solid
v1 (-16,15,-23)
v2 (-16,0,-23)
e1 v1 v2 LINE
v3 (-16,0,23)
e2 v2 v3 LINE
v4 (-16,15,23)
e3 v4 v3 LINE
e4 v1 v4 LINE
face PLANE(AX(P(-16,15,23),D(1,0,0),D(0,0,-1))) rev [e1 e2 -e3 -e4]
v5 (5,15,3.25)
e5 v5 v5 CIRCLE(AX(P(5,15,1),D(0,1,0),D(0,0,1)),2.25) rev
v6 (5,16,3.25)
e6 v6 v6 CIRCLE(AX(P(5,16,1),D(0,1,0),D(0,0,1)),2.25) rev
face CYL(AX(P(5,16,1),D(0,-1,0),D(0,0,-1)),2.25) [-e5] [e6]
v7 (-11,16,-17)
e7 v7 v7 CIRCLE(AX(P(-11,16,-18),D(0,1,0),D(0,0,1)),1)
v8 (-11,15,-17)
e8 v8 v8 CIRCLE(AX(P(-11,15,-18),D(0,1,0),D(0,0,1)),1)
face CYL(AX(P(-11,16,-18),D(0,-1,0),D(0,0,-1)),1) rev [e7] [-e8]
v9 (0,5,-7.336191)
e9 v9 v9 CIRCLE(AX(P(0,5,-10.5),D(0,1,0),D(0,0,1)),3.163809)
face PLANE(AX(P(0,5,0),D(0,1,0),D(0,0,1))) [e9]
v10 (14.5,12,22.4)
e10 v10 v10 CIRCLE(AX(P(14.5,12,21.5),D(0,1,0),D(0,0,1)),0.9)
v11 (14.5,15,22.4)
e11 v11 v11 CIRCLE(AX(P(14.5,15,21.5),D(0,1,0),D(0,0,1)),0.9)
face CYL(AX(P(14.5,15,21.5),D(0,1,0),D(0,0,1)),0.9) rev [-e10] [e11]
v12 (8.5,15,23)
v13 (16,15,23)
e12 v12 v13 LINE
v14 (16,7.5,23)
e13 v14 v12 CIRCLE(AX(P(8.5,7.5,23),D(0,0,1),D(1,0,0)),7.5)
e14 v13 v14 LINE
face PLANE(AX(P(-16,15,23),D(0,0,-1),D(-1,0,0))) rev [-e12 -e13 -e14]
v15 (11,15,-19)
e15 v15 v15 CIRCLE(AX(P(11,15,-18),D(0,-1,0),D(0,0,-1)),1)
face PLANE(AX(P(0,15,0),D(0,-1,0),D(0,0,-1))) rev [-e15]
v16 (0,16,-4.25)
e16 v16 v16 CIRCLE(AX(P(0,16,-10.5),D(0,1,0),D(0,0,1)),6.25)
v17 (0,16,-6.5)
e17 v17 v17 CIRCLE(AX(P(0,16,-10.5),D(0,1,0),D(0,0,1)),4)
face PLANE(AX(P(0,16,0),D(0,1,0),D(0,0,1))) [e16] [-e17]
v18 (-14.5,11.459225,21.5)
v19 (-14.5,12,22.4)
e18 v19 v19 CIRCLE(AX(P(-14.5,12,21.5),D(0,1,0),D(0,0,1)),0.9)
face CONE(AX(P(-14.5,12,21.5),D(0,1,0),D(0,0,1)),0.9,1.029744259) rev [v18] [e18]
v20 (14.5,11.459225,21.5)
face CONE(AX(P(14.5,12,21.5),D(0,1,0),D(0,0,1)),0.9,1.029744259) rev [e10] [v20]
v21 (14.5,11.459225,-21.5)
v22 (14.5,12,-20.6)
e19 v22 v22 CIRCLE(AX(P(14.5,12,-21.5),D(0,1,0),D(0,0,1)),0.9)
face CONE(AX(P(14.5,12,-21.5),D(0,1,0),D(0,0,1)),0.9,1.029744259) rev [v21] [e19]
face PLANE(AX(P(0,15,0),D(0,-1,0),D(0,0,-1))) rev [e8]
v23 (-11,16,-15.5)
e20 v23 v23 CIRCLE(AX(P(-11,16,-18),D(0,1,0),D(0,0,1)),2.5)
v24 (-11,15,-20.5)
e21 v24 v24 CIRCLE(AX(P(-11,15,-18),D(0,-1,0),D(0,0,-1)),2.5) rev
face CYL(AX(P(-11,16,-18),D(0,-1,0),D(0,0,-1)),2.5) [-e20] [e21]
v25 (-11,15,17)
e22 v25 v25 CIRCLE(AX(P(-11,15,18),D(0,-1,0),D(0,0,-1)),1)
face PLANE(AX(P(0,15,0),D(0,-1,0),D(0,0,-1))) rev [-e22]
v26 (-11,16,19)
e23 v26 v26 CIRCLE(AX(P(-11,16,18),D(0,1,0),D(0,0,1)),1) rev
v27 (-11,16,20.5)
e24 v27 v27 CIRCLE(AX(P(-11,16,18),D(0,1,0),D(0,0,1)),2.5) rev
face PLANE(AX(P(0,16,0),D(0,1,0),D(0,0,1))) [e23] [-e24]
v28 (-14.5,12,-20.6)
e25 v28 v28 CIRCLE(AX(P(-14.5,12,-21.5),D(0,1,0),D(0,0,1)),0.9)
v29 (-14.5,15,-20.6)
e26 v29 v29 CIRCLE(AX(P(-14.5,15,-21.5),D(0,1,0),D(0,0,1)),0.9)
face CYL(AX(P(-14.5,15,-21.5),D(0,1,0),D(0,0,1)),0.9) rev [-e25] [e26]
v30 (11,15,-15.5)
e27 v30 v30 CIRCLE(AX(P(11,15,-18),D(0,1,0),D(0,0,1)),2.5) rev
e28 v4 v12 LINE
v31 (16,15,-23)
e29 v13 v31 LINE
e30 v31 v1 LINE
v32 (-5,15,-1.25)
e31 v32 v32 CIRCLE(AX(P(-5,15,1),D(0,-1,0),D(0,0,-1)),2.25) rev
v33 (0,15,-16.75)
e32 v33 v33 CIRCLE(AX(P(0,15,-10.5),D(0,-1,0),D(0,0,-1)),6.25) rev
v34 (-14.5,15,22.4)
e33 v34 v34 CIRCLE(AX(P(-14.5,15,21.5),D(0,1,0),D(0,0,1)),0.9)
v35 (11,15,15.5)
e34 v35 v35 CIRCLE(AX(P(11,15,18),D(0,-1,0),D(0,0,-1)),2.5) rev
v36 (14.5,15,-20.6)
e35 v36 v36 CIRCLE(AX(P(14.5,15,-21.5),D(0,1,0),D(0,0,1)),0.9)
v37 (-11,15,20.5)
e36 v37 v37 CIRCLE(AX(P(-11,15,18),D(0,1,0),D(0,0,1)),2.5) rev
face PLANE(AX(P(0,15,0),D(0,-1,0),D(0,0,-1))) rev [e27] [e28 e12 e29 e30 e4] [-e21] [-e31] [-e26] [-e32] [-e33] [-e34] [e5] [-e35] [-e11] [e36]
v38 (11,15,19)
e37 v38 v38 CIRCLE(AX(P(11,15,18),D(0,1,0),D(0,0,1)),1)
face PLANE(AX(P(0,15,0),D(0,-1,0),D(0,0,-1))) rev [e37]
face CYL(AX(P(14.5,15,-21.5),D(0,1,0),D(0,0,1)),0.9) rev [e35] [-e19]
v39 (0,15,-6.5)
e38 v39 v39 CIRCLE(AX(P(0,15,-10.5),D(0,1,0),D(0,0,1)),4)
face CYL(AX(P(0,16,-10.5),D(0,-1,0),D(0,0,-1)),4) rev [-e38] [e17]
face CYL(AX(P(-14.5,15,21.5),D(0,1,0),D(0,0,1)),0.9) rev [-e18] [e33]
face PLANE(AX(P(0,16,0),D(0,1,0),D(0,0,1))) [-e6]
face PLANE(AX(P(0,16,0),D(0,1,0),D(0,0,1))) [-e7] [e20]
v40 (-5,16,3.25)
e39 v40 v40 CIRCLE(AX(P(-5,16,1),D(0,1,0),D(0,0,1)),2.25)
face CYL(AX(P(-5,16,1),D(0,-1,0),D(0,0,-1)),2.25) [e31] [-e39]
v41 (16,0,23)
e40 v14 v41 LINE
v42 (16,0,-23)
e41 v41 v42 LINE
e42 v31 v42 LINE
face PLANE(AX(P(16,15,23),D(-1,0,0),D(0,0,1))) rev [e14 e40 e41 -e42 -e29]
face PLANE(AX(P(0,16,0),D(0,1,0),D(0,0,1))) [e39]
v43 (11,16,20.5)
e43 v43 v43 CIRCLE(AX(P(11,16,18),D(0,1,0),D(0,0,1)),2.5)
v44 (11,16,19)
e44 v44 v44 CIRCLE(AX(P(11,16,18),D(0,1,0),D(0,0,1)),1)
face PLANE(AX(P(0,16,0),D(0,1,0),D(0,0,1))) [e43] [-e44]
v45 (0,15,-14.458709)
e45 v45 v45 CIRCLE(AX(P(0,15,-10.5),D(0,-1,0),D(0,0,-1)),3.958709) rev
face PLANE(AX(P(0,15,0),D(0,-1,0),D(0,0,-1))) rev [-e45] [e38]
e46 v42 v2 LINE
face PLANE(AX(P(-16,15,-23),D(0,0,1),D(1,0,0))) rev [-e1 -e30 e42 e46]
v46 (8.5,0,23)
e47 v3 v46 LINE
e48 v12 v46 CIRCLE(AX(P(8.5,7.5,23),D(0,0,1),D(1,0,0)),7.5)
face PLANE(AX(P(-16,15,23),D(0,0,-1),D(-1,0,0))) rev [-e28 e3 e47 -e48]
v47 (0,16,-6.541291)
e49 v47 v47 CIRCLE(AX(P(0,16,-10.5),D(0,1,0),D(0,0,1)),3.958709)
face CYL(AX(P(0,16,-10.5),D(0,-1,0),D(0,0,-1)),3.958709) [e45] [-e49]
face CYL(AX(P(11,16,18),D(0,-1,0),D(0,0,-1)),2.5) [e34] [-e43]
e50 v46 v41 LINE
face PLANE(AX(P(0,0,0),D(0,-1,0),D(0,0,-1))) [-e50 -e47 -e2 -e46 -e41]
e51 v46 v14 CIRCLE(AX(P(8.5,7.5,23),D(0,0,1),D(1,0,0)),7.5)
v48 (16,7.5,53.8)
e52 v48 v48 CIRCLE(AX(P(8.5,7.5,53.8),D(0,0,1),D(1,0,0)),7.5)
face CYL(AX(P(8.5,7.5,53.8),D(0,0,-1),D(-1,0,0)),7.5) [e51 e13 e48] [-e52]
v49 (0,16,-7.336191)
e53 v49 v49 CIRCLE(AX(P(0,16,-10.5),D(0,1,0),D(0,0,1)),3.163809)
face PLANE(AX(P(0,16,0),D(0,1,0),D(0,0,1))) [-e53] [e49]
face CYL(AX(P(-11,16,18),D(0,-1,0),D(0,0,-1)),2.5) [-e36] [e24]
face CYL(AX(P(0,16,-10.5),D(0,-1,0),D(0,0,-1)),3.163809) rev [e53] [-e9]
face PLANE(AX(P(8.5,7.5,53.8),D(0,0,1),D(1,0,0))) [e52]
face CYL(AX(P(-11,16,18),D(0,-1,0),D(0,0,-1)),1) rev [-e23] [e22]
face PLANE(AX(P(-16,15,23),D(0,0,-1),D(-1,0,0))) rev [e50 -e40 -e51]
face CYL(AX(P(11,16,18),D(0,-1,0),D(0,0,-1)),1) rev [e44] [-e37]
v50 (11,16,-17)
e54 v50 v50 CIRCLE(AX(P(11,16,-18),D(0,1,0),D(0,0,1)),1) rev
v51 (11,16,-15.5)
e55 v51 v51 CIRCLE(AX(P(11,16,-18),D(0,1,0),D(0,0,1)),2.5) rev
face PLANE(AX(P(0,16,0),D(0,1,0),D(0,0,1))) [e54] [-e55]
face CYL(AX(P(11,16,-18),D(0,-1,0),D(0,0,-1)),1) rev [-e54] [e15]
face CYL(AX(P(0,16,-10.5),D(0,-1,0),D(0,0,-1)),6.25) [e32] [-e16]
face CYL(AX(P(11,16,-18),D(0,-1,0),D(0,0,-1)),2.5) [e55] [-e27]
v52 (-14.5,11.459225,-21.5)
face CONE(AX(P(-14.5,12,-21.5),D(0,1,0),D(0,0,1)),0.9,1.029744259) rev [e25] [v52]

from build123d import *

# Parameters (mm, degrees)
CROQUIS1_W                         = 32
CROQUIS1_H                         = 46
SALIENTE_EXTRUIR1_DEPTH            = 15
CROQUIS2_R                         = 7.5
SALIENTE_EXTRUIR2_DEPTH            = 30.8
CROQUIS3_R                         = 6.25
CROQUIS3_R_2                       = 4
CROQUIS3_R_3                       = 2.5
CROQUIS3_R_4                       = 1
CROQUIS3_R_5                       = 2.25
CROQUIS3_R_6                       = 3.958709401
CROQUIS3_R_7                       = 3.163808824
SALIENTE_EXTRUIR3_DEPTH            = 1
CORTAR_EXTRUIR1_START              = -10
CROQUIS3_3_R                       = 3.163808824
CORTAR_EXTRUIR1_DEPTH              = 10
TALADRO_DE_MARGEN_PARA_M1_41_D     = 1.8
TALADRO_DE_MARGEN_PARA_M1_41_DEPTH = 3
TALADRO_DE_MARGEN_PARA_M1_41_TIP   = 0.540774557


with BuildPart() as part:
    # Croquis1 → Saliente-Extruir1 (new body)
    with BuildSketch(Plane(origin=(0, 0, 0), x_dir=(1, 0, 0), z_dir=(0, 1, 0))):
        Rectangle(CROQUIS1_W, CROQUIS1_H)
    extrude(amount=SALIENTE_EXTRUIR1_DEPTH)

    # Croquis2 → Saliente-Extruir2 (add)
    with BuildSketch(Plane.XY.offset(23)):
        with Locations((8.5, 7.5)):
            Circle(CROQUIS2_R)
    extrude(amount=SALIENTE_EXTRUIR2_DEPTH)

    # Croquis3 → Saliente-Extruir3 (add)
    # profile 1 of 8: a face of its own
    with BuildSketch(Plane(origin=(0, 15, 0), x_dir=(1, 0, 0), z_dir=(0, 1, 0))):
        with Locations((0, 10.5)):
            Circle(CROQUIS3_R)
        with Locations((0, 10.5)):
            Circle(CROQUIS3_R_2, mode=Mode.SUBTRACT)
    # profile 2 of 8: a face of its own
    with BuildSketch(Plane(origin=(0, 15, 0), x_dir=(1, 0, 0), z_dir=(0, 1, 0))):
        with Locations((-11, 18)):
            Circle(CROQUIS3_R_3)
        with Locations((-11, 18)):
            Circle(CROQUIS3_R_4, mode=Mode.SUBTRACT)
    # profile 3 of 8: a face of its own
    with BuildSketch(Plane(origin=(0, 15, 0), x_dir=(1, 0, 0), z_dir=(0, 1, 0))):
        with Locations((-5, -1)):
            Circle(CROQUIS3_R_5)
    # profile 4 of 8: a face of its own
    with BuildSketch(Plane(origin=(0, 15, 0), x_dir=(1, 0, 0), z_dir=(0, 1, 0))):
        with Locations((11, 18)):
            Circle(CROQUIS3_R_3)
        with Locations((11, 18)):
            Circle(CROQUIS3_R_4, mode=Mode.SUBTRACT)
    # profile 5 of 8: a face of its own
    with BuildSketch(Plane(origin=(0, 15, 0), x_dir=(1, 0, 0), z_dir=(0, 1, 0))):
        with Locations((11, -18)):
            Circle(CROQUIS3_R_3)
        with Locations((11, -18)):
            Circle(CROQUIS3_R_4, mode=Mode.SUBTRACT)
    # profile 6 of 8: a face of its own
    with BuildSketch(Plane(origin=(0, 15, 0), x_dir=(1, 0, 0), z_dir=(0, 1, 0))):
        with Locations((-11, -18)):
            Circle(CROQUIS3_R_3)
        with Locations((-11, -18)):
            Circle(CROQUIS3_R_4, mode=Mode.SUBTRACT)
    # profile 7 of 8: a face of its own
    with BuildSketch(Plane(origin=(0, 15, 0), x_dir=(1, 0, 0), z_dir=(0, 1, 0))):
        with Locations((5, -1)):
            Circle(CROQUIS3_R_5)
    # profile 8 of 8: a face of its own
    with BuildSketch(Plane(origin=(0, 15, 0), x_dir=(1, 0, 0), z_dir=(0, 1, 0))):
        with Locations((0, 10.5)):
            Circle(CROQUIS3_R_6)
        with Locations((0, 10.5)):
            Circle(CROQUIS3_R_7, mode=Mode.SUBTRACT)
    extrude(amount=SALIENTE_EXTRUIR3_DEPTH)

    # Croquis3<3> → Cortar-Extruir1 (cut)
    with BuildSketch(Plane(origin=(0, 15, 0), x_dir=(1, 0, 0), z_dir=(0, 1, 0)).offset(CORTAR_EXTRUIR1_START)):
        with Locations((0, 10.5)):
            Circle(CROQUIS3_3_R)
    extrude(amount=CORTAR_EXTRUIR1_DEPTH, mode=Mode.SUBTRACT)

    # Taladro de margen para M1.41
    with Locations(Plane(origin=(0, 15, 0), x_dir=(1, 0, 0), z_dir=(0, 1, 0))):
        with Locations((-14.5, 21.5), (14.5, 21.5), (-14.5, -21.5), (14.5, -21.5)):
            Hole(TALADRO_DE_MARGEN_PARA_M1_41_D / 2, depth=TALADRO_DE_MARGEN_PARA_M1_41_DEPTH)
            with Locations((0, 0, -(TALADRO_DE_MARGEN_PARA_M1_41_DEPTH + TALADRO_DE_MARGEN_PARA_M1_41_TIP / 2))):  # 118° drill point
                Cone(0, TALADRO_DE_MARGEN_PARA_M1_41_D / 2, TALADRO_DE_MARGEN_PARA_M1_41_TIP, mode=Mode.SUBTRACT)


solid = part.part
